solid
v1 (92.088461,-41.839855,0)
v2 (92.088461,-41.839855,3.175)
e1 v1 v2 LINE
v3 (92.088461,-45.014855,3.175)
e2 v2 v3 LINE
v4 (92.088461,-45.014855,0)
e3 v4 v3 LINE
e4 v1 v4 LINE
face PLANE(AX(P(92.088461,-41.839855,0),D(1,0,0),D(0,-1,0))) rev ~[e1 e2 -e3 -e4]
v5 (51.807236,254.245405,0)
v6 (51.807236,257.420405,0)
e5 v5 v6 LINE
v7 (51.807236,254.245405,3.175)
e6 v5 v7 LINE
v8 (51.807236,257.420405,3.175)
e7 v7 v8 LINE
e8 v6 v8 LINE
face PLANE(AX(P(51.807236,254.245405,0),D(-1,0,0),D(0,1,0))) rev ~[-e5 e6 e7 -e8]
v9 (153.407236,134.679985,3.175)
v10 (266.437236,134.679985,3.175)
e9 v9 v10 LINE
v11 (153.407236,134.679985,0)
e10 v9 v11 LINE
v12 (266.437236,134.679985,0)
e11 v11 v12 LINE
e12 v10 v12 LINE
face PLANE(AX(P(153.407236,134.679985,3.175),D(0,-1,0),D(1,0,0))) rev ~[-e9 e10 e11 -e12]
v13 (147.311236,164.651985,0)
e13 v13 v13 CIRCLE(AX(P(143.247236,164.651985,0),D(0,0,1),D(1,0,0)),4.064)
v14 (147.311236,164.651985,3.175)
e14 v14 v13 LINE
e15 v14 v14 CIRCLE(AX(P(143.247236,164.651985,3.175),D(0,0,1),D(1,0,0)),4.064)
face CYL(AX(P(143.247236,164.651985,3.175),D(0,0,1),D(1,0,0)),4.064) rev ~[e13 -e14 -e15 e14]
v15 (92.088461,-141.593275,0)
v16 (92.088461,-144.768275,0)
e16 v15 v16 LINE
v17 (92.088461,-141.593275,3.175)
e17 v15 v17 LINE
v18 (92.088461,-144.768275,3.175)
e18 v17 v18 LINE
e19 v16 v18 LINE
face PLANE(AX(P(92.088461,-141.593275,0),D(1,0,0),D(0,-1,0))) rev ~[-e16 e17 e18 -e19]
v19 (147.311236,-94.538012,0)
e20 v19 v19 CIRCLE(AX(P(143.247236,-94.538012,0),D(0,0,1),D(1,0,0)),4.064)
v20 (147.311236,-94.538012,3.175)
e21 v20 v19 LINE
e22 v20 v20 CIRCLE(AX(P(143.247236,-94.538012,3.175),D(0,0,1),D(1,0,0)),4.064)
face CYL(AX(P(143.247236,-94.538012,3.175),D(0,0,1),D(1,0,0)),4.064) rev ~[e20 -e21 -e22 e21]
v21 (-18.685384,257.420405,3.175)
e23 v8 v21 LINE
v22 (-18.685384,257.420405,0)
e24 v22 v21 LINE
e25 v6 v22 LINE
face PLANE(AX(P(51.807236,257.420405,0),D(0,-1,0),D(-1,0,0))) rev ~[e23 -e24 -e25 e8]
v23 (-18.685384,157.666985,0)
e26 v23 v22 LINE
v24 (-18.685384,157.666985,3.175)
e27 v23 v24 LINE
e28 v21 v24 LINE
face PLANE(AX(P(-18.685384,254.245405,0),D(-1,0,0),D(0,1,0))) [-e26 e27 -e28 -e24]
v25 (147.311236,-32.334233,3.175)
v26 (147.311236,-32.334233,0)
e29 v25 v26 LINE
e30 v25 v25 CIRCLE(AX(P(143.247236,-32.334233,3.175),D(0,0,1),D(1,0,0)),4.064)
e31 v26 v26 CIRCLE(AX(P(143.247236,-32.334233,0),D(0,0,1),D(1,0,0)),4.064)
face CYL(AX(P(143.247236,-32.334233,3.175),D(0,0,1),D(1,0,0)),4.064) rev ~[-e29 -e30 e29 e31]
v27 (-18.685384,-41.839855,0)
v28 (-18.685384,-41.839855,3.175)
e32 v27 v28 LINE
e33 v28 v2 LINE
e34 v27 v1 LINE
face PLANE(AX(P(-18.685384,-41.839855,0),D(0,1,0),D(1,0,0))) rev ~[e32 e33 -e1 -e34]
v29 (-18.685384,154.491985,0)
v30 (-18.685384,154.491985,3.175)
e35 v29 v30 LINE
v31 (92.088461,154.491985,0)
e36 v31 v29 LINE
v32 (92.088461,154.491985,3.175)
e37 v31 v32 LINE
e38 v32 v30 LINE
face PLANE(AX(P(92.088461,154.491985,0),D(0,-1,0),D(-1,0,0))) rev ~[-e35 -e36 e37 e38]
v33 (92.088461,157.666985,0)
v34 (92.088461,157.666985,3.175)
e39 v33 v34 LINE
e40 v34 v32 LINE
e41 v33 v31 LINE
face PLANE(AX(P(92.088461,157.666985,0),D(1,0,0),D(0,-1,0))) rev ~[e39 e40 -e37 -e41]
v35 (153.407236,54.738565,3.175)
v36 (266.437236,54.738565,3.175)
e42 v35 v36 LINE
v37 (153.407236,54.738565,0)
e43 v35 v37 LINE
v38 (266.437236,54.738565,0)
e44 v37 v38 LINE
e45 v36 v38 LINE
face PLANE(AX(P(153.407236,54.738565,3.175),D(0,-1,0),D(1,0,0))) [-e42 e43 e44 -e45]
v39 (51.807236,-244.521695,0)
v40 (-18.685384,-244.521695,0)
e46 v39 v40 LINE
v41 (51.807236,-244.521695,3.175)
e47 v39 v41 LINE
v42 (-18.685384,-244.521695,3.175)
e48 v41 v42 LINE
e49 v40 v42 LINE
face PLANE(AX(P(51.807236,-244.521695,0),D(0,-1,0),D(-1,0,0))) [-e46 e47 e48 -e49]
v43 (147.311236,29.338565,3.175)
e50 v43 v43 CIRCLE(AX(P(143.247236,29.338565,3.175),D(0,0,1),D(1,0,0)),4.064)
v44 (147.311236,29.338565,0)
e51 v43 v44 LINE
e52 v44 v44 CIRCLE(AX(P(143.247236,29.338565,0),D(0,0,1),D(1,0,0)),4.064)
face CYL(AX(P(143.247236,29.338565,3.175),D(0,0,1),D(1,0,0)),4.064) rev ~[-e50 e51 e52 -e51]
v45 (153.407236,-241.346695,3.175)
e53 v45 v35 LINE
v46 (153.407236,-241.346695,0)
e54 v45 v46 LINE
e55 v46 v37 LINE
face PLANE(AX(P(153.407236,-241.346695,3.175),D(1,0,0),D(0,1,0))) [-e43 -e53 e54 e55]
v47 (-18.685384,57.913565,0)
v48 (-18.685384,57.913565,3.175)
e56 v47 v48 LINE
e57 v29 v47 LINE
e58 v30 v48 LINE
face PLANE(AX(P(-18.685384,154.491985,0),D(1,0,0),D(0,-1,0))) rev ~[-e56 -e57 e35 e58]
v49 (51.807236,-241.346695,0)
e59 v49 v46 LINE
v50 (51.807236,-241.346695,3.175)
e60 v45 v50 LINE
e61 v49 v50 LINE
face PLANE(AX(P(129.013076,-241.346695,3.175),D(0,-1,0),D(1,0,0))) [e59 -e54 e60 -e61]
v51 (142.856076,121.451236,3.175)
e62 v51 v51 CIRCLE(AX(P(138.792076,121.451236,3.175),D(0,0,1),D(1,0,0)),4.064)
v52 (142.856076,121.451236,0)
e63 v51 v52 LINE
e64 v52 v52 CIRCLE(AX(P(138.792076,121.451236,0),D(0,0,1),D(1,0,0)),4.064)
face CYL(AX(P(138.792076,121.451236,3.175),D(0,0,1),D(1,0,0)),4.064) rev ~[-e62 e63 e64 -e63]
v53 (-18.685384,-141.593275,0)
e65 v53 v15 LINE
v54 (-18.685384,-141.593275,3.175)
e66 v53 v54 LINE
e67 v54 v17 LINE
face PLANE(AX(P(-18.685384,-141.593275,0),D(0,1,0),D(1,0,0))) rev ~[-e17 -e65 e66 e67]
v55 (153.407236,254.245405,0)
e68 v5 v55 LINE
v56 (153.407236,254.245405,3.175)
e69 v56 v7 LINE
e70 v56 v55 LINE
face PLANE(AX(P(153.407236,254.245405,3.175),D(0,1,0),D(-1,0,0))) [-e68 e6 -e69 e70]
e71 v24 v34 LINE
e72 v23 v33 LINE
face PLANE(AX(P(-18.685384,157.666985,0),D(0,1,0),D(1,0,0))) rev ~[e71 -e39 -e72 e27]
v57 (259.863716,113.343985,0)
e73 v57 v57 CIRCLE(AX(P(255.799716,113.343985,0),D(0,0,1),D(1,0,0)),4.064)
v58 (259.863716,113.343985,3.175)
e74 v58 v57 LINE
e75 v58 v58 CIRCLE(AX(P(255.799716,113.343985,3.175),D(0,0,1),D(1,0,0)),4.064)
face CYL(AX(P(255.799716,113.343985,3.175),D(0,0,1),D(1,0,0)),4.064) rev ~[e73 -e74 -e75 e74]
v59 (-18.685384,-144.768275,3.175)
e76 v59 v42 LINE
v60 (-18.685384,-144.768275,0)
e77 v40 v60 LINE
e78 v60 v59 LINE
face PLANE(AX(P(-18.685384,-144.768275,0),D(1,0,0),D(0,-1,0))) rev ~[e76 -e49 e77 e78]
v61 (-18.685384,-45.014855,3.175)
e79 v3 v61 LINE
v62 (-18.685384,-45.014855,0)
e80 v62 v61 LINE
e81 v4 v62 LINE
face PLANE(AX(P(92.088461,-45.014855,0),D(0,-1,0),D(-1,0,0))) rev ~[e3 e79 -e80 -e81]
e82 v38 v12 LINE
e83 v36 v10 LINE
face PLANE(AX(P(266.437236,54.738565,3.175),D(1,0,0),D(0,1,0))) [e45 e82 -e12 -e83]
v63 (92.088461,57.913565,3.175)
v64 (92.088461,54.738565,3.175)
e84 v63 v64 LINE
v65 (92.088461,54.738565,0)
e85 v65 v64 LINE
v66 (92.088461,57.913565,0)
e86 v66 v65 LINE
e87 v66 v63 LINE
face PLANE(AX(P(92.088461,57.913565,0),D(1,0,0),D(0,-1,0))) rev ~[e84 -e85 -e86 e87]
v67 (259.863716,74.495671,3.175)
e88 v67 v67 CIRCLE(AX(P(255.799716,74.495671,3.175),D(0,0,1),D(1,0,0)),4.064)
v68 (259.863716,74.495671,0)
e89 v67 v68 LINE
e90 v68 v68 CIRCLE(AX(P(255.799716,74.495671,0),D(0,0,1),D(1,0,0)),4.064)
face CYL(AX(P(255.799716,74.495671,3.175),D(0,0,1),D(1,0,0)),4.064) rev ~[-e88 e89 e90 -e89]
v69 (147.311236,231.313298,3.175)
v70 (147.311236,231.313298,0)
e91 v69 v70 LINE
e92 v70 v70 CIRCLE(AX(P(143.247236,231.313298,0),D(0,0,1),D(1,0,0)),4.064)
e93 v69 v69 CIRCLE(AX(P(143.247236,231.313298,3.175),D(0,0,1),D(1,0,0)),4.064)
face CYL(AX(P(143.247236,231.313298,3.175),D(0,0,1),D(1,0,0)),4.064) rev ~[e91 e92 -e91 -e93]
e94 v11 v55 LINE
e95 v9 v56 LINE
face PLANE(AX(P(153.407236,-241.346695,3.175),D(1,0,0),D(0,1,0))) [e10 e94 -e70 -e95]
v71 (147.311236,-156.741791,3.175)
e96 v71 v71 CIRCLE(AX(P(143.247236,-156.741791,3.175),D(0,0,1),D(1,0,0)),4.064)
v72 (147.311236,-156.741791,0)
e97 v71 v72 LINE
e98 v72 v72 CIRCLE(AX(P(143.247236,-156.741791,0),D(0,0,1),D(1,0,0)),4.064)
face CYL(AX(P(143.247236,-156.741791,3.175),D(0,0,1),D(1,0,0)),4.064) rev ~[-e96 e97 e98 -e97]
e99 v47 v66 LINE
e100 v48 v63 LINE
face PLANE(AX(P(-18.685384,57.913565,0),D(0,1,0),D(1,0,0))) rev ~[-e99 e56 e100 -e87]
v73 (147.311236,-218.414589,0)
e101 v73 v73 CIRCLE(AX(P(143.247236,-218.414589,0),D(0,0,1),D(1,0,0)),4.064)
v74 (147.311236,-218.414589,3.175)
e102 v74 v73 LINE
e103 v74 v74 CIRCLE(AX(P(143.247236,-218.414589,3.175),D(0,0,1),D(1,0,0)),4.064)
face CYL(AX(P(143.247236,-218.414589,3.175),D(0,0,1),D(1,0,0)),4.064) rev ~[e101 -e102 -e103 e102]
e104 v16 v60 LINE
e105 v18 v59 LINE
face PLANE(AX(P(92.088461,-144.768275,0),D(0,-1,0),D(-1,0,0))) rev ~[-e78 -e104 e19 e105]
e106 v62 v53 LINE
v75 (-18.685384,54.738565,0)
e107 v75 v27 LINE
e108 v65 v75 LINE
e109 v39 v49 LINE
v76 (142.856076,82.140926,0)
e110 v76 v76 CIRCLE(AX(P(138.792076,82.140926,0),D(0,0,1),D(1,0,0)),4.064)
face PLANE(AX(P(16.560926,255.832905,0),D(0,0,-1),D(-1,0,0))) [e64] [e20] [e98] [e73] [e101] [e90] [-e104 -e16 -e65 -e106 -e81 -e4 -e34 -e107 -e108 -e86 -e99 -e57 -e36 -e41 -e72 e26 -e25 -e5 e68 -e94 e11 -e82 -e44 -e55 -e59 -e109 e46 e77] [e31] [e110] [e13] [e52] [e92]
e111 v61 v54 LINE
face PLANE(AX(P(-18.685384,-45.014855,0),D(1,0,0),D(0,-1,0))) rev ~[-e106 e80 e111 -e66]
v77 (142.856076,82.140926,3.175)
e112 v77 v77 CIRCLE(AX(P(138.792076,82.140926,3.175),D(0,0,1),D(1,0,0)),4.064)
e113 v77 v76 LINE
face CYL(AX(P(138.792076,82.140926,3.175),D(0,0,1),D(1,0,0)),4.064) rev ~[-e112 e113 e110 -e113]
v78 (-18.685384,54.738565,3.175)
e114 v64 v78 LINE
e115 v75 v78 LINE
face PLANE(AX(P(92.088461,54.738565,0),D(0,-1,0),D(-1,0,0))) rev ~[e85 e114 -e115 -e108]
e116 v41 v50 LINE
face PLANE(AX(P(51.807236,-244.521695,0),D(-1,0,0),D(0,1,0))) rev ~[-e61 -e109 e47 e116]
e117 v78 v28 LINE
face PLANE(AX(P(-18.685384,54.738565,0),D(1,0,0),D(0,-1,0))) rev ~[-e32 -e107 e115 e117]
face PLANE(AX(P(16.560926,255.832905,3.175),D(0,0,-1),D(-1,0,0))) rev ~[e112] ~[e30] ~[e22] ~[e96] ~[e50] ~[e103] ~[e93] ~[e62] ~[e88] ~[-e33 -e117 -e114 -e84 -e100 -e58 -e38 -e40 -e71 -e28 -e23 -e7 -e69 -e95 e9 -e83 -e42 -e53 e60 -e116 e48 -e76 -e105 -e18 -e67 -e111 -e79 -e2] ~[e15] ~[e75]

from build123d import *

# Parameters (mm, degrees)
BOSS_EXTRUDE2_DEPTH = 3.175
BOSS_EXTRUDE3_DEPTH = 3.175
SKETCH11_W          = 113.03
SKETCH11_H          = 79.94142
BOSS_EXTRUDE8_DEPTH = 3.175
SKETCH12_W          = 70.49262
SKETCH12_H          = 3.175
BOSS_EXTRUDE9_DEPTH = 3.175
SKETCH15_R          = 4.064
CUT_EXTRUDE1_DEPTH  = 371.49176257
SKETCH16_R          = 4.064
CUT_EXTRUDE2_DEPTH  = 371.49176257


with BuildPart() as part:
    # Sketch1 → Boss-Extrude2 (new body)
    with BuildSketch(Plane.XY):
        Polygon((129.013076168, 254.245404572), (-18.685383832, 254.245404572), (-18.685383832, 157.666984572), (92.088461168, 157.666984572), (92.088461168, 154.491984572), (-18.685383832, 154.491984572), (-18.685383832, 57.913564572), (92.088461168, 57.913564572), (92.088461168, 54.738564572), (-18.685383832, 54.738564572), (-18.685383832, -41.839855428), (92.088461168, -41.839855428), (92.088461168, -45.014855428), (-18.685383832, -45.014855428), (-18.685383832, -141.593275428), (92.088461168, -141.593275428), (92.088461168, -144.768275428), (-18.685383832, -144.768275428), (-18.685383832, -241.346695428), (129.013076168, -241.346695428), align=None)
    extrude(amount=BOSS_EXTRUDE2_DEPTH)

    # Sketch4 → Boss-Extrude3 (add, through all)
    with BuildSketch(Plane.XY.offset(3.175)):
        Polygon((129.013076168, 254.245404572), (129.013076168, -241.346695428), (153.407236168, -241.346695428), (153.407236168, -227.262720585), (153.407236168, 240.16142973), (153.407236168, 254.245404572), align=None)
    extrude(amount=-BOSS_EXTRUDE3_DEPTH)

    # Sketch11 → Boss-Extrude8 (add, through all)
    with BuildSketch(Plane.XY.offset(3.175)):
        with Locations((209.922236168, 94.709274572)):
            Rectangle(SKETCH11_W, SKETCH11_H)
    extrude(amount=-BOSS_EXTRUDE8_DEPTH)

    # Sketch12 → Boss-Extrude9 (add, through all)
    with BuildSketch(Plane(origin=(0, 0, 0), x_dir=(-1, 0, 0), z_dir=(0, 0, -1))):
        with Locations((-16.560926168, 255.832904572)):
            Rectangle(SKETCH12_W, SKETCH12_H)
        with Locations((-16.560926168, -242.934195428)):
            Rectangle(SKETCH12_W, SKETCH12_H)
    extrude(amount=-BOSS_EXTRUDE9_DEPTH)

    # Sketch15 → Cut-Extrude1 (cut, through all)
    with BuildSketch(Plane.XY.offset(3.175)):
        with Locations((143.247236168, 231.313297791)):
            Circle(SKETCH15_R)
        with Locations((143.247236168, 164.651984572)):
            Circle(SKETCH15_R)
        with Locations((255.799716168, 113.343984572)):
            Circle(SKETCH15_R)
        with Locations((255.799716168, 74.495671354)):
            Circle(SKETCH15_R)
        with Locations((143.247236168, 29.338564572)):
            Circle(SKETCH15_R)
        with Locations((143.247236168, -32.334232694)):
            Circle(SKETCH15_R)
        with Locations((143.247236168, -94.538012037)):
            Circle(SKETCH15_R)
        with Locations((143.247236168, -156.74179138)):
            Circle(SKETCH15_R)
        with Locations((143.247236168, -218.414588646)):
            Circle(SKETCH15_R)
    extrude(amount=-CUT_EXTRUDE1_DEPTH, mode=Mode.SUBTRACT)

    # Sketch16 → Cut-Extrude2 (cut, through all)
    with BuildSketch(Plane.XY.offset(3.175)):
        with Locations((138.792076168, 121.451235566)):
            Circle(SKETCH16_R)
        with Locations((138.792076168, 82.140925566)):
            Circle(SKETCH16_R)
    extrude(amount=-CUT_EXTRUDE2_DEPTH, mode=Mode.SUBTRACT)


solid = part.part
